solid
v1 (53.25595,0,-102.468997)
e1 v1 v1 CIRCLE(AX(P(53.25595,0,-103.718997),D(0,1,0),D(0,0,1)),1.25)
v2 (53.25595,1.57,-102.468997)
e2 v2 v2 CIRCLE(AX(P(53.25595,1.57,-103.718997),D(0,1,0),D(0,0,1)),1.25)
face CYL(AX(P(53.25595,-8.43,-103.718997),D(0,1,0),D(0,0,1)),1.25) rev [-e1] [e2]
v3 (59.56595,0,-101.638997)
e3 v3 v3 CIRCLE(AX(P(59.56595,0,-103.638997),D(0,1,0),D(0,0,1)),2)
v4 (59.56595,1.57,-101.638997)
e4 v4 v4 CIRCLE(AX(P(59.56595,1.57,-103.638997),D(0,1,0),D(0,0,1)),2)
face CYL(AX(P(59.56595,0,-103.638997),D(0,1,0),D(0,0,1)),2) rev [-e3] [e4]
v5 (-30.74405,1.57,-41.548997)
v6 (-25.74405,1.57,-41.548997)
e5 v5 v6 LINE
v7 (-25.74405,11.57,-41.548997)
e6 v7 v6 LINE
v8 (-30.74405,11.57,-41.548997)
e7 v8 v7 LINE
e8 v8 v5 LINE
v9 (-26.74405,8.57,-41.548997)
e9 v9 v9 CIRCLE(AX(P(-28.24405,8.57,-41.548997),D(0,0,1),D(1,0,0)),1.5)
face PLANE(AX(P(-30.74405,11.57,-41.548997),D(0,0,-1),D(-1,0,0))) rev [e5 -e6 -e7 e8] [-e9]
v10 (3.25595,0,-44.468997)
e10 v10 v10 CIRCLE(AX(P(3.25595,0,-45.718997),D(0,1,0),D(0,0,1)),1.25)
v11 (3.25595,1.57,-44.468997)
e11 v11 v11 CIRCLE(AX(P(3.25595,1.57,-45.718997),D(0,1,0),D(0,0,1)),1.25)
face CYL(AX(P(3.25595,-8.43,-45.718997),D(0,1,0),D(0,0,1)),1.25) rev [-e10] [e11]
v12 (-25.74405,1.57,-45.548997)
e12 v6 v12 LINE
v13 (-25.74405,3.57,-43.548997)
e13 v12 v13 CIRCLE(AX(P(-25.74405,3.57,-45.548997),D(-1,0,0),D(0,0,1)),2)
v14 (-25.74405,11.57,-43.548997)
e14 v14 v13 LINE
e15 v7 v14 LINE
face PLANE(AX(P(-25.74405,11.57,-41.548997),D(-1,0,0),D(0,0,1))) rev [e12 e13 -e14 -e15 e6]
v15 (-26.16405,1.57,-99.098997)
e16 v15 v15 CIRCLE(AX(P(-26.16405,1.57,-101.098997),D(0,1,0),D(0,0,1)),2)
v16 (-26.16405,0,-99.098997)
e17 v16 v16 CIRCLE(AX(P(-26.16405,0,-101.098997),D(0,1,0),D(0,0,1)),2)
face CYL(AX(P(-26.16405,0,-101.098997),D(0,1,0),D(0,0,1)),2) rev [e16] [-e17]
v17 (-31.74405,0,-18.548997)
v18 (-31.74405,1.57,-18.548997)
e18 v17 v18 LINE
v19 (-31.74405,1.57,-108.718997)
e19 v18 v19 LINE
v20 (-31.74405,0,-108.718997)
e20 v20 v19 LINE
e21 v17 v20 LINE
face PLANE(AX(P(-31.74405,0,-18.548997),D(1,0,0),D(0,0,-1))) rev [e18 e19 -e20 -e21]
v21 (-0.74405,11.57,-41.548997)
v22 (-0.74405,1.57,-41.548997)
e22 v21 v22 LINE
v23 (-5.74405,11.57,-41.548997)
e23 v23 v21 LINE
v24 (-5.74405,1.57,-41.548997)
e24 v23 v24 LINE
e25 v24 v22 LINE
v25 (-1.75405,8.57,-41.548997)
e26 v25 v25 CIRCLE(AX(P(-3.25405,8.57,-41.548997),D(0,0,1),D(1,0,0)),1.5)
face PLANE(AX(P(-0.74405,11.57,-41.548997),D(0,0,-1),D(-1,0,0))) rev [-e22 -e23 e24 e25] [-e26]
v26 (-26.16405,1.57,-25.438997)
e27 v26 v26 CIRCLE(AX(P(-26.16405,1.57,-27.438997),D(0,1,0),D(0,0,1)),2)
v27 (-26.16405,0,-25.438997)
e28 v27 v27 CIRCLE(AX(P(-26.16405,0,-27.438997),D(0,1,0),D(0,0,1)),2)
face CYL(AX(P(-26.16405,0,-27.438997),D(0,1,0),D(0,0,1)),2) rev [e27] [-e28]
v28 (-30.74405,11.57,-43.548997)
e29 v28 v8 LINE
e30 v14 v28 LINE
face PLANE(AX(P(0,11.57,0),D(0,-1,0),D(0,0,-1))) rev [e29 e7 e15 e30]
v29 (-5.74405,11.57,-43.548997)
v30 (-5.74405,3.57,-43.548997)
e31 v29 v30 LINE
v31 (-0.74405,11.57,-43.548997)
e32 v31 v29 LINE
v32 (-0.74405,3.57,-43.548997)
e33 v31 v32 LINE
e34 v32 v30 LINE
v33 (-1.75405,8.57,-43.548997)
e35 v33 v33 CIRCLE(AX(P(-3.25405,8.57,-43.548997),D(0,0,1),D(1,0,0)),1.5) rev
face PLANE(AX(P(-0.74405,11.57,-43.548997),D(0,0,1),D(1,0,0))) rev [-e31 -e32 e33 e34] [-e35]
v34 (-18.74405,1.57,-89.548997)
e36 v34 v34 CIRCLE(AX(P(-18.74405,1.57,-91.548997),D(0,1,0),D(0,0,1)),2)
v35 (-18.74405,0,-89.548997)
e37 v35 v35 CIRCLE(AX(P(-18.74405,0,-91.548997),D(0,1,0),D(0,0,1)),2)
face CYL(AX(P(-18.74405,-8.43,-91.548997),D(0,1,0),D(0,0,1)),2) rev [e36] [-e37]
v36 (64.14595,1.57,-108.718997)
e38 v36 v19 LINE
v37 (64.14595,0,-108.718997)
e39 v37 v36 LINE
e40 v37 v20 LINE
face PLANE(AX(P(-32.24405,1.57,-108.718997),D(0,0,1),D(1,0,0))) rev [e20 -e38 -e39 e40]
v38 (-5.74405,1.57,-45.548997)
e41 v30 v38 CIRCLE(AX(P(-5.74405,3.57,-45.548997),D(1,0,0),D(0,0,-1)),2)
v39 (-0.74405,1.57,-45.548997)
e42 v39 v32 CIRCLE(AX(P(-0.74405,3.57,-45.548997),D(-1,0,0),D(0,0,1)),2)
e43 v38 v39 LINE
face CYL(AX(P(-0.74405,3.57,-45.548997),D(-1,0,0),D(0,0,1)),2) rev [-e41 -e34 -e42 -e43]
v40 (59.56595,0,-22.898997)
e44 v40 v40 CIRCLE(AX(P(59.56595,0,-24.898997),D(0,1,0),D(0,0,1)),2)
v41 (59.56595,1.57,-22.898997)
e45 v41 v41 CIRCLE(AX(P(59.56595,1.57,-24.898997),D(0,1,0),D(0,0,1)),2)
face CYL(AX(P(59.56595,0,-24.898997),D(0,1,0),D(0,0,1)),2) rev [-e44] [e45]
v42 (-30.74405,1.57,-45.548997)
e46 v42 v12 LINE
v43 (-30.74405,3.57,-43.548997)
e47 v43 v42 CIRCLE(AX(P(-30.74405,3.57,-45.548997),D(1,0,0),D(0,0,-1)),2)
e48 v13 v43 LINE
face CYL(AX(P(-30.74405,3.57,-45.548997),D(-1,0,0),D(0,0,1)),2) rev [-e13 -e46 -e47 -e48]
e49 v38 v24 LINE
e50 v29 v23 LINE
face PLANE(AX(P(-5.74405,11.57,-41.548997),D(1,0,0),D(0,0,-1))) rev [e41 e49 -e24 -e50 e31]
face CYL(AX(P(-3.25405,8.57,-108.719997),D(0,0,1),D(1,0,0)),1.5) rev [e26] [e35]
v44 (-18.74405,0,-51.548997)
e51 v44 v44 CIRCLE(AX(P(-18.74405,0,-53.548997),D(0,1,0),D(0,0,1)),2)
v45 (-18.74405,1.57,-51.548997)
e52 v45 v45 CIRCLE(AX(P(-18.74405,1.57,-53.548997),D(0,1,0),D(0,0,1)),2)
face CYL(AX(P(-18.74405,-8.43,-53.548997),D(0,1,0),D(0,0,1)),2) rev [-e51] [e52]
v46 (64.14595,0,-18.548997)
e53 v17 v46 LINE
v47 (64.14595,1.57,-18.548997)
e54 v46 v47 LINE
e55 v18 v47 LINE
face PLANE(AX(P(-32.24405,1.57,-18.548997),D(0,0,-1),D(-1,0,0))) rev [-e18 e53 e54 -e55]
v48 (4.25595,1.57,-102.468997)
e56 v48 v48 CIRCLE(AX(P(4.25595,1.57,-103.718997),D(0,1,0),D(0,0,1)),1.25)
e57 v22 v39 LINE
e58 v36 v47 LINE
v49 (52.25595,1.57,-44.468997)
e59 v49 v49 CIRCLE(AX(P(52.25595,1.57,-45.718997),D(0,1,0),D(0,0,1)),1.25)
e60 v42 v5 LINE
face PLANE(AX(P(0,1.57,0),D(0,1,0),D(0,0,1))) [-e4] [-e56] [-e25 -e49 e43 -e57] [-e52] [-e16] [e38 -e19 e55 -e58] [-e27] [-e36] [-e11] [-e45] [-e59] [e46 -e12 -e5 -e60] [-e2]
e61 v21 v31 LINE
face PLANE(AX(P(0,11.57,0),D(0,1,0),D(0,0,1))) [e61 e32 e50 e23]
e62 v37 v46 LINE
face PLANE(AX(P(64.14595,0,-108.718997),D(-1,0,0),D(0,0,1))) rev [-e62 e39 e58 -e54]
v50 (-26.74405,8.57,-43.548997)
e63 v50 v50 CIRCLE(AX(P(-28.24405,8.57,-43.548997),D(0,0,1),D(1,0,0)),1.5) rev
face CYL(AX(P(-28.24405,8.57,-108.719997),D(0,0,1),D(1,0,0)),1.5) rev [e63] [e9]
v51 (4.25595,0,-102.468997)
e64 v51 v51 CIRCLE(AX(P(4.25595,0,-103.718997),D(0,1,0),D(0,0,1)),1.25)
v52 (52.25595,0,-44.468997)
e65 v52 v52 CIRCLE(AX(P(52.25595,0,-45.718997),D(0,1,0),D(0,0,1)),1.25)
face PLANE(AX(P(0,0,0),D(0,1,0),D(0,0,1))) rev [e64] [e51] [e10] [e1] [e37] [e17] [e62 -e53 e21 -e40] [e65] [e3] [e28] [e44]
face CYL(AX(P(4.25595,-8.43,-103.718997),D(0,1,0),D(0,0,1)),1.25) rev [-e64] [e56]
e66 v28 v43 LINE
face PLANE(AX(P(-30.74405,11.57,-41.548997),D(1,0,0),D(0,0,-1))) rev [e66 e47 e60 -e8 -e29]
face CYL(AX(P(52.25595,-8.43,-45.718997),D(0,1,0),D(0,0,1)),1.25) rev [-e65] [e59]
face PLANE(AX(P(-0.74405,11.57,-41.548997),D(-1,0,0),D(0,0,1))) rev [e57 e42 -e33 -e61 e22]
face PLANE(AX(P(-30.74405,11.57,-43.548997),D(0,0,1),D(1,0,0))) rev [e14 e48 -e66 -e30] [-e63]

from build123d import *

# Parameters (mm, degrees)
SKETCH1_W               = 96.89
SKETCH1_H               = 90.17
PCB_DEPTH               = 1.57
SKETCH2_R               = 2
M3_MOUNTING_HOLES_DEPTH = 1.57
SKETCH5_W               = 0.5
SKETCH5_H               = 90.17
CUT_EXTRUDE1_DEPTH      = 2.57
SKETCH8_R               = 1.25
RPI_MOUNTING_HOLE_DEPTH = 10
SKETCH9_R               = 2
POWERADAPTERHOLES_DEPTH = 10
SKETCH10_W              = 5
SKETCH10_H              = 2
DSUB_HOLDER_DEPTH       = 10
FILLET2_R               = 2
DSUB_FIELDS_REACH       = 69.17
SKETCH11_R              = 1.5


with BuildPart() as part:
    # Sketch1 → PCB (new body)
    with BuildSketch(Plane(origin=(0, 0, 0), x_dir=(1, 0, 0), z_dir=(0, 1, 0))):
        with Locations((16.200949951, 63.633996534)):
            Rectangle(SKETCH1_W, SKETCH1_H)
    extrude(amount=PCB_DEPTH)

    # Sketch2 → M3 Mounting Holes (cut)
    with BuildSketch(Plane(origin=(0, 1.57, 0), x_dir=(1, 0, 0), z_dir=(0, 1, 0))):
        with Locations((59.565949951, 24.898996534)):
            Circle(SKETCH2_R)
        with Locations((-26.164050049, 27.438996534)):
            Circle(SKETCH2_R)
        with Locations((-26.164050049, 101.098996534)):
            Circle(SKETCH2_R)
        with Locations((59.565949951, 103.638996534)):
            Circle(SKETCH2_R)
    extrude(amount=-M3_MOUNTING_HOLES_DEPTH, mode=Mode.SUBTRACT)

    # Sketch5 → Cut-Extrude1 (cut, through all)
    with BuildSketch(Plane(origin=(0, 1.57, 0), x_dir=(1, 0, 0), z_dir=(0, 1, 0))):
        with Locations((-31.994050049, 63.633996534)):
            Rectangle(SKETCH5_W, SKETCH5_H)
        with Locations((64.395949951, 63.633996534)):
            Rectangle(SKETCH5_W, SKETCH5_H)
    extrude(amount=-CUT_EXTRUDE1_DEPTH, mode=Mode.SUBTRACT)

    # Sketch8 → RPi mounting hole (cut)
    with BuildSketch(Plane(origin=(0, 1.57, 0), x_dir=(1, 0, 0), z_dir=(0, 1, 0))):
        with Locations((3.255949951, 45.718996534)):
            Circle(SKETCH8_R)
        with Locations((52.255949951, 45.718996534)):
            Circle(SKETCH8_R)
        with Locations((4.255949951, 103.718996534)):
            Circle(SKETCH8_R)
        with Locations((53.255949951, 103.718996534)):
            Circle(SKETCH8_R)
    extrude(amount=-RPI_MOUNTING_HOLE_DEPTH, mode=Mode.SUBTRACT)

    # Sketch9 → PowerAdapterHoles (cut)
    with BuildSketch(Plane(origin=(0, 1.57, 0), x_dir=(1, 0, 0), z_dir=(0, 1, 0))):
        with Locations((-18.744050049, 91.548996534)):
            Circle(SKETCH9_R)
        with Locations((-18.744050049, 53.548996534)):
            Circle(SKETCH9_R)
    extrude(amount=-POWERADAPTERHOLES_DEPTH, mode=Mode.SUBTRACT)

    # Sketch10 → DSub Holder (add)
    with BuildSketch(Plane(origin=(0, 1.57, 0), x_dir=(1, 0, 0), z_dir=(0, 1, 0))):
        with Locations((-28.244050049, 42.548996534)):
            Rectangle(SKETCH10_W, SKETCH10_H)
        with Locations((-3.244050049, 42.548996534)):
            Rectangle(SKETCH10_W, SKETCH10_H)
    extrude(amount=DSUB_HOLDER_DEPTH)

    # Fillet2
    fillet2_edges = [part.edges().sort_by_distance(p)[0] for p in [
        (-3.244050049, 1.57, -43.548996534),
        (-28.244050049, 1.57, -43.548996534),
    ]]
    fillet(fillet2_edges, radius=FILLET2_R)

    # Sketch11 → DSub Fields (cut, up to next)
    with BuildSketch(Plane.XY.offset(-41.548996534), mode=Mode.PRIVATE) as dsub_fields_sk1:
        with Locations((-28.244050049, 8.57)):
            Circle(SKETCH11_R)
    dsub_fields_tool1 = extrude(dsub_fields_sk1.sketch, amount=-DSUB_FIELDS_REACH, mode=Mode.PRIVATE) & part.part
    add(dsub_fields_tool1.solids().sort_by_distance((-28.24405, 8.57, -41.548997))[0], mode=Mode.SUBTRACT)
    # Sketch11 → DSub Fields (cut, up to next)
    with BuildSketch(Plane.XY.offset(-41.548996534), mode=Mode.PRIVATE) as dsub_fields_sk2:
        with Locations((-3.254050049, 8.57)):
            Circle(SKETCH11_R)
    dsub_fields_tool2 = extrude(dsub_fields_sk2.sketch, amount=-DSUB_FIELDS_REACH, mode=Mode.PRIVATE) & part.part
    add(dsub_fields_tool2.solids().sort_by_distance((-3.25405, 8.57, -41.548997))[0], mode=Mode.SUBTRACT)


solid = part.part
